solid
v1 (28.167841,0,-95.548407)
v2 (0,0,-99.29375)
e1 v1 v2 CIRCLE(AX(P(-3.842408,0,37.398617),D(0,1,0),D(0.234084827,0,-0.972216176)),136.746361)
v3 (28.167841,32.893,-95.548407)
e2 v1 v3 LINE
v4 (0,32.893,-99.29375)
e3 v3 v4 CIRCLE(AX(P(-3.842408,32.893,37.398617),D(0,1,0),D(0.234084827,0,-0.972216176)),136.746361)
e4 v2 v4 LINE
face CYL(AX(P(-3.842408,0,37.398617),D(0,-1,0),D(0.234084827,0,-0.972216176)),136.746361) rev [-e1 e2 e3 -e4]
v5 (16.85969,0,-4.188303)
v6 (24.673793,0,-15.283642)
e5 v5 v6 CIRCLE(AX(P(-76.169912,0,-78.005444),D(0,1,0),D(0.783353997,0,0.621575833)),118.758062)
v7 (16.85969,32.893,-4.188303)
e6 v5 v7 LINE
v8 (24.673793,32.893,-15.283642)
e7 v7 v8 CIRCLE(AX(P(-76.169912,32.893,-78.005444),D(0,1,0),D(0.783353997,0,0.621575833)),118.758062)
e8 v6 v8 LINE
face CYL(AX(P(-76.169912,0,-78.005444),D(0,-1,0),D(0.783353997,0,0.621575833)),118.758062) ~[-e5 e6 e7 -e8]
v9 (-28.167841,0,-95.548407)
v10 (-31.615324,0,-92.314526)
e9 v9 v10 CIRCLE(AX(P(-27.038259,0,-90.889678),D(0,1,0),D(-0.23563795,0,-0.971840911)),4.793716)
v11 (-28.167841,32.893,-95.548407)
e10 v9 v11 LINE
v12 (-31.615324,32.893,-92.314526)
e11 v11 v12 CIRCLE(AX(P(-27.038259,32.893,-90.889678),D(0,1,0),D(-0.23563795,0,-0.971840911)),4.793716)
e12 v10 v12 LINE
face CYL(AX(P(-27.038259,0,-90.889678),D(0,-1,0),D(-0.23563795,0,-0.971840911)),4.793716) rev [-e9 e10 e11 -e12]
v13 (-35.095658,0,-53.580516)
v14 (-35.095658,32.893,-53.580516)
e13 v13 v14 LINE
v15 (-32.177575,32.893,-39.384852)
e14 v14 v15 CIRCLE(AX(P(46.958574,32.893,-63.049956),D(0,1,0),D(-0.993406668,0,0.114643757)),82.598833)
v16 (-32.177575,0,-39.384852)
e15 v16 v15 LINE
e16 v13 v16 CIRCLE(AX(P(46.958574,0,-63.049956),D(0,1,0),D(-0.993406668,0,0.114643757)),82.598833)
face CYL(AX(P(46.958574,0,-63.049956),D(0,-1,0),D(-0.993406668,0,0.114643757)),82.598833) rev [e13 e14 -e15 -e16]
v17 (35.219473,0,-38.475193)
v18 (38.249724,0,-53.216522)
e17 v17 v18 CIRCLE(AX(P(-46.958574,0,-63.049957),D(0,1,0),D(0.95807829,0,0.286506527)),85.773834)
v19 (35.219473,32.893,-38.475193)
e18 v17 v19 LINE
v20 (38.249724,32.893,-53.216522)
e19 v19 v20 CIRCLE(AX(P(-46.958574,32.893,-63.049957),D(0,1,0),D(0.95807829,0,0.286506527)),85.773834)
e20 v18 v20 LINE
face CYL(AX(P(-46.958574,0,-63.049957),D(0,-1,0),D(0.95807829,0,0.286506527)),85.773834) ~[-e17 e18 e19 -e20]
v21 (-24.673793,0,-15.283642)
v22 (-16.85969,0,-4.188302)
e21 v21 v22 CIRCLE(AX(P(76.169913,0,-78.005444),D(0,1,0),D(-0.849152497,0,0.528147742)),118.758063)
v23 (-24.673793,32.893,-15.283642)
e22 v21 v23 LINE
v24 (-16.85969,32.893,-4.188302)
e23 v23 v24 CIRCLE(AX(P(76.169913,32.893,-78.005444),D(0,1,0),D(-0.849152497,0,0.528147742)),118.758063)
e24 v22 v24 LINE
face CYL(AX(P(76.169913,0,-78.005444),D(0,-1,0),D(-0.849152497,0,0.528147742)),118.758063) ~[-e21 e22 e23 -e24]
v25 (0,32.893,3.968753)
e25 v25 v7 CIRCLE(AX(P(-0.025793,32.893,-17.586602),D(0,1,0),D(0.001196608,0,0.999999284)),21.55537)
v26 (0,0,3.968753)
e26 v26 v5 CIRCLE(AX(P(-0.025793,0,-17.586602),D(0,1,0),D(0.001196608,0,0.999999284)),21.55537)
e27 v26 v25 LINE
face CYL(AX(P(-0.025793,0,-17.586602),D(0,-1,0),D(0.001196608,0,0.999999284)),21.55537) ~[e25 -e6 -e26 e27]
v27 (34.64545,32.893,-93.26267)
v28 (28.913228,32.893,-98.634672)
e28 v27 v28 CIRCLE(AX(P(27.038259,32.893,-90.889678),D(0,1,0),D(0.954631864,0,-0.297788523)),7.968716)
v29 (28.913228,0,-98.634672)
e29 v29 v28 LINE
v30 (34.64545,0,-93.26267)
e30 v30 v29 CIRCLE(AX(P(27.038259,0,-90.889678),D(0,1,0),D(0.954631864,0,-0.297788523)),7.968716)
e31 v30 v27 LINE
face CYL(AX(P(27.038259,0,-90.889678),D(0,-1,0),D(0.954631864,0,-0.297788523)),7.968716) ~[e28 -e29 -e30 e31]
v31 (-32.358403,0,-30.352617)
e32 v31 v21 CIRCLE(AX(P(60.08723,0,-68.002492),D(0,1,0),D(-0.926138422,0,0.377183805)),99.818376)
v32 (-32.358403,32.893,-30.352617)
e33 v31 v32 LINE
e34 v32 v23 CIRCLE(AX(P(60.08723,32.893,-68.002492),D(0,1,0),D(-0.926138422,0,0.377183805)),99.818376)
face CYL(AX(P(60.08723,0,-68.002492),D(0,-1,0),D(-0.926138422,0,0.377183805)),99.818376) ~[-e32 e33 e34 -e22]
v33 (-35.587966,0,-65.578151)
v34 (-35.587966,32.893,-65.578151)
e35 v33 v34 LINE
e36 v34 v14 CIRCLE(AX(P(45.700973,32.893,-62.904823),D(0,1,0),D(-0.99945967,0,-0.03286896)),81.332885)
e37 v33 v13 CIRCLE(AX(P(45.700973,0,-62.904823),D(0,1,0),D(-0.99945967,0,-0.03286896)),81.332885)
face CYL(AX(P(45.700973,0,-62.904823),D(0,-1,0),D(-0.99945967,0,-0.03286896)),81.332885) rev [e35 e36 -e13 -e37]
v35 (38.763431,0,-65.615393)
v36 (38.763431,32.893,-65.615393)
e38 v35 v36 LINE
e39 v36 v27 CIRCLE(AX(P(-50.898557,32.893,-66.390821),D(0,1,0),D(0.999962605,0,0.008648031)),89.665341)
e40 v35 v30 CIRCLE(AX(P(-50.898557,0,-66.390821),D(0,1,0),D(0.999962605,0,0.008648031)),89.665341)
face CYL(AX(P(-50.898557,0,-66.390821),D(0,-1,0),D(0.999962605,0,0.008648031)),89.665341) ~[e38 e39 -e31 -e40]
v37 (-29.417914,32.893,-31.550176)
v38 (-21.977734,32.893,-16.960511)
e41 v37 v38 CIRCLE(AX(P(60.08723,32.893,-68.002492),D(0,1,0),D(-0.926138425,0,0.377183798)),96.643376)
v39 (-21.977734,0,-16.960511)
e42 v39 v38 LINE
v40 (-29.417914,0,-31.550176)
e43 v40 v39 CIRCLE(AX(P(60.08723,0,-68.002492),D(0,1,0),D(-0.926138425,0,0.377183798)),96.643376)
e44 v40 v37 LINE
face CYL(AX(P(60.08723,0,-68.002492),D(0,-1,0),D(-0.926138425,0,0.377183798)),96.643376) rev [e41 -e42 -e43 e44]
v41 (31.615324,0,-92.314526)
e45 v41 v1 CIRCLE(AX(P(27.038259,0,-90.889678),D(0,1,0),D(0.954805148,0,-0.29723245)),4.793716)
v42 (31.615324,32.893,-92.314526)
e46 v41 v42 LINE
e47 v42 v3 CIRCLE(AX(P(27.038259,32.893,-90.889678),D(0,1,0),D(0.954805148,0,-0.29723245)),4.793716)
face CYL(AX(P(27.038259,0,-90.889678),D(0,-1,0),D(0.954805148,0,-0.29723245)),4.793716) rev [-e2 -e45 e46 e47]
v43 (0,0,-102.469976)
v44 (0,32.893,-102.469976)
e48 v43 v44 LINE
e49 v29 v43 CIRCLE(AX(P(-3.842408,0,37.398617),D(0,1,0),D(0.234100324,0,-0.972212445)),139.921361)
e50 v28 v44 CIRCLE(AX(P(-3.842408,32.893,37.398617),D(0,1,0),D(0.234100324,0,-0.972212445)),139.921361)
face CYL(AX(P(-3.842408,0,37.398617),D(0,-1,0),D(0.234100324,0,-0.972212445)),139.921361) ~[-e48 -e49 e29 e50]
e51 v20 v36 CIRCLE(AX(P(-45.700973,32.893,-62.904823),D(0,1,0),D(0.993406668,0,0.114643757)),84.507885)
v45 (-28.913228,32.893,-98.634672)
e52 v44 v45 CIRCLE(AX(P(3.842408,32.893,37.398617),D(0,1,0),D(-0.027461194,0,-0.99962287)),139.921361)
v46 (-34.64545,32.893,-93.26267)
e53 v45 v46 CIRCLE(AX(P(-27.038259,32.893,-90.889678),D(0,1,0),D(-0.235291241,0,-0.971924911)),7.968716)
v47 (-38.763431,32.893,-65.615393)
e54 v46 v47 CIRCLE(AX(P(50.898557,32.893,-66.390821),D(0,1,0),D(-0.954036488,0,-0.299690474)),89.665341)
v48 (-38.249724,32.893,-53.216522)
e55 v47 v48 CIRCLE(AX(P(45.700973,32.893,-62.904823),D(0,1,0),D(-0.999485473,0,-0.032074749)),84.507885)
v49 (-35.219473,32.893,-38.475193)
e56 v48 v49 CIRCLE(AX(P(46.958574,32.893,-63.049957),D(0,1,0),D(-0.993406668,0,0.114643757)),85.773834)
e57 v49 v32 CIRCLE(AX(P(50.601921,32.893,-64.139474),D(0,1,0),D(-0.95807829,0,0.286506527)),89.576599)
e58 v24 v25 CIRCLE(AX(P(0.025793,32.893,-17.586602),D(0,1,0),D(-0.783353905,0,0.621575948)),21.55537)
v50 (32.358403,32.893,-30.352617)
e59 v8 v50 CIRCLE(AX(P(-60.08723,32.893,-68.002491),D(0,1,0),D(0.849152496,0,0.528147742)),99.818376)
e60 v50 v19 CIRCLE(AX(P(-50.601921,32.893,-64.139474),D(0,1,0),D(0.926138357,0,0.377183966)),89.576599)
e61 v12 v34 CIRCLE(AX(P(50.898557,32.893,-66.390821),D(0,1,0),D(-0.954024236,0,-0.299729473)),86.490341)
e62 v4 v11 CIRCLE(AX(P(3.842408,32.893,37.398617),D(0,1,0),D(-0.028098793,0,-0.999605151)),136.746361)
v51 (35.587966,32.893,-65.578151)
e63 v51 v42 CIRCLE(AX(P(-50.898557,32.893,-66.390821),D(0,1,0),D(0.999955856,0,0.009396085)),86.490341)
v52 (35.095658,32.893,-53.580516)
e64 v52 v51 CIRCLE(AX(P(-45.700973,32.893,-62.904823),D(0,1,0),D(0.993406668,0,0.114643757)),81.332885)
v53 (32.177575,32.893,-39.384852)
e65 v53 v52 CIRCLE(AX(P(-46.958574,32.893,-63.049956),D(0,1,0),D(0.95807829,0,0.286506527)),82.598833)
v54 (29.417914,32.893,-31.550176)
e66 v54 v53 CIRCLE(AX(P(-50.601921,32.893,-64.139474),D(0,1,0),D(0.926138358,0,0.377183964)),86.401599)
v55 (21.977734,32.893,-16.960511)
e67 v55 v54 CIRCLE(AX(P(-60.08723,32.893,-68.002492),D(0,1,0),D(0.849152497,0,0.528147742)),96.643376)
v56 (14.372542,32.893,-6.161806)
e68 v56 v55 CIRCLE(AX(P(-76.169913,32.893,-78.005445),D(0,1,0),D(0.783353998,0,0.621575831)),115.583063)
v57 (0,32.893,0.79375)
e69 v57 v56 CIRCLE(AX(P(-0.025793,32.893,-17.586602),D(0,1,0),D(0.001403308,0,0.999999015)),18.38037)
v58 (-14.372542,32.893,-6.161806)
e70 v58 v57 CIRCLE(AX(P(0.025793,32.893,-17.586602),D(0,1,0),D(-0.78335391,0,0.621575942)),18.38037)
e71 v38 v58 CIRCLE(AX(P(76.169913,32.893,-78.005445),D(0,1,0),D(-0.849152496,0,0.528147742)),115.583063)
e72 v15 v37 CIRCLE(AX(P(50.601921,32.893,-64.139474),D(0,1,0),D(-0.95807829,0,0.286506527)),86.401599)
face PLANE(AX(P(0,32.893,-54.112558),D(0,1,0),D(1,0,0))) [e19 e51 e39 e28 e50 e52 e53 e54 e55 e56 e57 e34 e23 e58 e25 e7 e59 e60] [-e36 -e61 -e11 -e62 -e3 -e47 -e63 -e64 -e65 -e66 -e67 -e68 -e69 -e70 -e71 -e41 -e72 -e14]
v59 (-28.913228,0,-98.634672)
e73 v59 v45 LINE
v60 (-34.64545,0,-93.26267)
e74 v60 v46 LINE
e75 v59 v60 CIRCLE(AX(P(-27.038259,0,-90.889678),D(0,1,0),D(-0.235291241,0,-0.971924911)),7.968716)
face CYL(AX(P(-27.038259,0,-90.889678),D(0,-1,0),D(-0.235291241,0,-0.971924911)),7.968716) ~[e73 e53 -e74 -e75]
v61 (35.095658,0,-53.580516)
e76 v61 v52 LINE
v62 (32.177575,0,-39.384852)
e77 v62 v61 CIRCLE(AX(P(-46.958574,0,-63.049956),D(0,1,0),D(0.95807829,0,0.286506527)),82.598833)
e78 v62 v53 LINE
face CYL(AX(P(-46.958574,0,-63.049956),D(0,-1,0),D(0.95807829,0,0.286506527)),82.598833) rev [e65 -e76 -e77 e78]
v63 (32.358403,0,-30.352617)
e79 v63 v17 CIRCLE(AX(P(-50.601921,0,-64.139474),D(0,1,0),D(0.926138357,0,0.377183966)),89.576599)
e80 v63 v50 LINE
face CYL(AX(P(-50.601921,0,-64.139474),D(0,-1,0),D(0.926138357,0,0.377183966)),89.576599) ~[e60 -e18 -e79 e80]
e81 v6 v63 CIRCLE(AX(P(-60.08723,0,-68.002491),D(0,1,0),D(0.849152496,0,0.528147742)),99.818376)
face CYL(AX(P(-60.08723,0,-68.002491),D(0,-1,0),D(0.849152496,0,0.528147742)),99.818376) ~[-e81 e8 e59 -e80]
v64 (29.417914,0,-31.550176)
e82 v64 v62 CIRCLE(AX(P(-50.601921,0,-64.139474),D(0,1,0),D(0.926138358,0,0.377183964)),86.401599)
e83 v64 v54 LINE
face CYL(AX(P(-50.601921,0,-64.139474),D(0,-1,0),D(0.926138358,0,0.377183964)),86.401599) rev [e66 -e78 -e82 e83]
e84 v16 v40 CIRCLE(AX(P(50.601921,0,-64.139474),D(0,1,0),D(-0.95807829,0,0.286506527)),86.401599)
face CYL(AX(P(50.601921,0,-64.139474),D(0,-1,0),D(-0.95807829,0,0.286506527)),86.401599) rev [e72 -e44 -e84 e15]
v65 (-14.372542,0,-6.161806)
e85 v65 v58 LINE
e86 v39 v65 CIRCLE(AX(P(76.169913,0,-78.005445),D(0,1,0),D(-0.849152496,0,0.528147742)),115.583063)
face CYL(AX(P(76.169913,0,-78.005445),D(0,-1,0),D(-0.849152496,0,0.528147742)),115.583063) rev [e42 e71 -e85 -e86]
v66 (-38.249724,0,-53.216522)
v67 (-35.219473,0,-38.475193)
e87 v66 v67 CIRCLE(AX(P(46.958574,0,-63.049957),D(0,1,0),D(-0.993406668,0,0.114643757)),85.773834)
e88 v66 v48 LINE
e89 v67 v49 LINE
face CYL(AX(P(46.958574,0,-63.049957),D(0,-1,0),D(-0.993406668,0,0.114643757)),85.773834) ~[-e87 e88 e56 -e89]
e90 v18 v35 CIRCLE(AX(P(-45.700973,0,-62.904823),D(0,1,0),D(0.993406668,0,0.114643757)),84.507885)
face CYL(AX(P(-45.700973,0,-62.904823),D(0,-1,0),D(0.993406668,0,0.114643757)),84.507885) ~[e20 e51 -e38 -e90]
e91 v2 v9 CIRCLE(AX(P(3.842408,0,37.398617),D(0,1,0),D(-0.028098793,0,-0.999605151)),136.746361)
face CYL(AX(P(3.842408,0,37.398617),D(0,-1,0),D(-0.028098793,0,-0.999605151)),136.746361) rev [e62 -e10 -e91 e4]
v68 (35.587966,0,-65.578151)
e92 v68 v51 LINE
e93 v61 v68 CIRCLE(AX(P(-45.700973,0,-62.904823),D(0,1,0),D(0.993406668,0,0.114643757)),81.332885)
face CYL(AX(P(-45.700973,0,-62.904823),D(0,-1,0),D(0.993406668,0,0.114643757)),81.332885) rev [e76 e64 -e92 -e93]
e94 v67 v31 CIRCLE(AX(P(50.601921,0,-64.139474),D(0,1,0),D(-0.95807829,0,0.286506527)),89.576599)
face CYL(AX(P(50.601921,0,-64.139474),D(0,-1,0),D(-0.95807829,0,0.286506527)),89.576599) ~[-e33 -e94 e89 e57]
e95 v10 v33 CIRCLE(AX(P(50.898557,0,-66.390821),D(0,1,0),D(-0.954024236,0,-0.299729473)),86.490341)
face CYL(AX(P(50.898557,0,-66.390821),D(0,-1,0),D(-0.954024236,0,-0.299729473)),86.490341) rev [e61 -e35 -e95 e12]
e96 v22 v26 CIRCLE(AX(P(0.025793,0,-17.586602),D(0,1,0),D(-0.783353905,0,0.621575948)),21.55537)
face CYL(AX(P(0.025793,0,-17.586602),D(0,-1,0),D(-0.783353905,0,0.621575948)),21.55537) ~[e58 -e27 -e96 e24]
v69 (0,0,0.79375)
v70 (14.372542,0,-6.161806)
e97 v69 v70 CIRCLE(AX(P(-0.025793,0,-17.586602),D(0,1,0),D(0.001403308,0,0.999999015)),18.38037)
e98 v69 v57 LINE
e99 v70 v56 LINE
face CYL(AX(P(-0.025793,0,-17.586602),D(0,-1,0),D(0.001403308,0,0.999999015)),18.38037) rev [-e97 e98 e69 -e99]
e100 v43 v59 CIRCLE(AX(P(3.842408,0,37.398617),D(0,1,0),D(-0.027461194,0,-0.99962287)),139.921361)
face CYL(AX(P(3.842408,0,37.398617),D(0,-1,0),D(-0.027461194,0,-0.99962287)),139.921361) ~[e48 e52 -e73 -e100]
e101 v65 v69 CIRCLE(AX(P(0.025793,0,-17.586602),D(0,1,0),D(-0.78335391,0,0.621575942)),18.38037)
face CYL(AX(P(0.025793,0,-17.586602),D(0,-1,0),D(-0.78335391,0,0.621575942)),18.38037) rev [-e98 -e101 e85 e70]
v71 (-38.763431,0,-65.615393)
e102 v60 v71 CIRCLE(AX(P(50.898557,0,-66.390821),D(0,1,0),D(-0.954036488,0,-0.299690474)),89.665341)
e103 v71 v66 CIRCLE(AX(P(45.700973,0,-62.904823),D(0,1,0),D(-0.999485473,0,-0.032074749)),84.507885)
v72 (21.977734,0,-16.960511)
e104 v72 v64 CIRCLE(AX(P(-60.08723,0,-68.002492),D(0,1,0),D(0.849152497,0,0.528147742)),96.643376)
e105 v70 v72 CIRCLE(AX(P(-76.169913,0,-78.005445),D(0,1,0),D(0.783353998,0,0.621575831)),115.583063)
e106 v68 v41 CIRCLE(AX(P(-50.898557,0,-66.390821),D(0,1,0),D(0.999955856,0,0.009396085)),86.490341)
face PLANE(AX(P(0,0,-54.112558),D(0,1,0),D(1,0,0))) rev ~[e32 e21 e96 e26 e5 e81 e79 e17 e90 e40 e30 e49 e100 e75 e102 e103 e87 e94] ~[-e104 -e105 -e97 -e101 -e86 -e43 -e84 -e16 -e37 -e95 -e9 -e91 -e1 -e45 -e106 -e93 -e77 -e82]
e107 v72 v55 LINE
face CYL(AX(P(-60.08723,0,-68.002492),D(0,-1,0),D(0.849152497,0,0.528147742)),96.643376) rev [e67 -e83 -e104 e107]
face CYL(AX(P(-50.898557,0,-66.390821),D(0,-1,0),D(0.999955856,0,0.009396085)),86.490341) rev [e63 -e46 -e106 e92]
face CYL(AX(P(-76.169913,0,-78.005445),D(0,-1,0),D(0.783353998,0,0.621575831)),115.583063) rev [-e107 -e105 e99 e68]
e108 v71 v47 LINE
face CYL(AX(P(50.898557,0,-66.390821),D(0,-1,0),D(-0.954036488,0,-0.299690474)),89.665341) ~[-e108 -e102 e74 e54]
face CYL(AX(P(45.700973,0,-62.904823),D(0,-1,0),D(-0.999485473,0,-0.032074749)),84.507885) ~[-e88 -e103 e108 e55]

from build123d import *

# Parameters (mm, degrees)
EXTRUDE_THIN1_DEPTH = 32.893


with BuildPart() as part:
    # Sketch1 → Extrude-Thin1 (new body)
    with BuildSketch(Plane(origin=(0, 0, 0), x_dir=(1, 0, 0), z_dir=(0, 1, 0))):
        with BuildLine():
            ThreePointArc((16.859690416, 4.188302755), (20.925357953, 9.624263697), (24.673792776, 15.283641778))
            ThreePointArc((24.673792776, 15.283641778), (28.835872744, 22.655056116), (32.358402849, 30.352616811))
            ThreePointArc((32.358402849, 30.352616811), (33.886605852, 34.379502928), (35.21947344, 38.475193372))
            ThreePointArc((35.21947344, 38.475193372), (37.058530457, 45.779269739), (38.249723875, 53.216521954))
            ThreePointArc((38.249723875, 53.216521954), (38.73447294, 59.406515206), (38.763430781, 65.615392687))
            ThreePointArc((38.763430781, 65.615392687), (37.788410014, 79.600485429), (34.645449796, 93.262669938))
            ThreePointArc((34.645449796, 93.262669938), (32.487336087, 96.704142568), (28.913228351, 98.634671649))
            ThreePointArc((28.913228351, 98.634671649), (14.556820296, 101.307748109), (0, 102.469975666))
            ThreePointArc((0, 102.469975666), (-14.556820296, 101.307748109), (-28.913228351, 98.634671649))
            ThreePointArc((-28.913228351, 98.634671649), (-32.487336087, 96.704142568), (-34.645449796, 93.262669938))
            ThreePointArc((-34.645449796, 93.262669938), (-37.788410014, 79.600485429), (-38.763430781, 65.615392687))
            ThreePointArc((-38.763430781, 65.615392687), (-38.73447294, 59.406515206), (-38.249723875, 53.216521954))
            ThreePointArc((-38.249723875, 53.216521954), (-37.058530457, 45.779269739), (-35.21947344, 38.475193372))
            ThreePointArc((-35.21947344, 38.475193372), (-33.886605846, 34.37950291), (-32.358402835, 30.352616775))
            ThreePointArc((-32.358402835, 30.352616775), (-28.835872735, 22.655056099), (-24.673792776, 15.283641778))
            ThreePointArc((-24.673792776, 15.283641778), (-20.925357849, 9.62426355), (-16.859690192, 4.188302473))
            ThreePointArc((-16.859690192, 4.188302473), (-9.362082274, -1.817051595), (0, -3.968752666))
            ThreePointArc((0, -3.968752666), (9.362082435, -1.817051517), (16.859690416, 4.188302755))
        make_face()
        with BuildLine():
            ThreePointArc((14.372541639, 6.161806229), (18.329513357, 11.452436511), (21.9777336, 16.960510859))
            ThreePointArc((21.9777336, 16.960510859), (26.007427238, 24.097457247), (29.417913618, 31.550176027))
            ThreePointArc((29.417913618, 31.550176027), (30.891950162, 35.434331017), (32.177574869, 39.384851595))
            ThreePointArc((32.177574869, 39.384851595), (33.948557442, 46.418560629), (35.095657703, 53.580515883))
            ThreePointArc((35.095657703, 53.580515883), (35.563525818, 59.570235573), (35.587965764, 65.578150788))
            ThreePointArc((35.587965764, 65.578150788), (34.652553918, 79.102488225), (31.615324304, 92.314525718))
            ThreePointArc((31.615324304, 92.314525718), (30.317885926, 94.385927862), (28.167840685, 95.548407388))
            ThreePointArc((28.167840685, 95.548407388), (14.1814691, 98.154719953), (0, 99.29375))
            ThreePointArc((0, 99.29375), (-14.1814691, 98.154719953), (-28.167840685, 95.548407388))
            ThreePointArc((-28.167840685, 95.548407388), (-30.317885926, 94.385927862), (-31.615324304, 92.314525718))
            ThreePointArc((-31.615324304, 92.314525718), (-34.652553918, 79.102488225), (-35.587965764, 65.578150788))
            ThreePointArc((-35.587965764, 65.578150788), (-35.563525818, 59.570235573), (-35.095657703, 53.580515883))
            ThreePointArc((-35.095657703, 53.580515883), (-33.948557442, 46.418560629), (-32.177574869, 39.384851595))
            ThreePointArc((-32.177574869, 39.384851595), (-30.891950162, 35.434331017), (-29.417913618, 31.550176027))
            ThreePointArc((-29.417913618, 31.550176027), (-26.007427238, 24.097457247), (-21.9777336, 16.960510859))
            ThreePointArc((-21.9777336, 16.960510859), (-18.329513357, 11.452436511), (-14.372541639, 6.161806229))
            ThreePointArc((-14.372541639, 6.161806229), (-7.981004402, 1.041838599), (0, -0.79375))
            ThreePointArc((0, -0.79375), (7.981004402, 1.041838599), (14.372541639, 6.161806229))
        make_face(mode=Mode.SUBTRACT)
    extrude(amount=EXTRUDE_THIN1_DEPTH)


solid = part.part
